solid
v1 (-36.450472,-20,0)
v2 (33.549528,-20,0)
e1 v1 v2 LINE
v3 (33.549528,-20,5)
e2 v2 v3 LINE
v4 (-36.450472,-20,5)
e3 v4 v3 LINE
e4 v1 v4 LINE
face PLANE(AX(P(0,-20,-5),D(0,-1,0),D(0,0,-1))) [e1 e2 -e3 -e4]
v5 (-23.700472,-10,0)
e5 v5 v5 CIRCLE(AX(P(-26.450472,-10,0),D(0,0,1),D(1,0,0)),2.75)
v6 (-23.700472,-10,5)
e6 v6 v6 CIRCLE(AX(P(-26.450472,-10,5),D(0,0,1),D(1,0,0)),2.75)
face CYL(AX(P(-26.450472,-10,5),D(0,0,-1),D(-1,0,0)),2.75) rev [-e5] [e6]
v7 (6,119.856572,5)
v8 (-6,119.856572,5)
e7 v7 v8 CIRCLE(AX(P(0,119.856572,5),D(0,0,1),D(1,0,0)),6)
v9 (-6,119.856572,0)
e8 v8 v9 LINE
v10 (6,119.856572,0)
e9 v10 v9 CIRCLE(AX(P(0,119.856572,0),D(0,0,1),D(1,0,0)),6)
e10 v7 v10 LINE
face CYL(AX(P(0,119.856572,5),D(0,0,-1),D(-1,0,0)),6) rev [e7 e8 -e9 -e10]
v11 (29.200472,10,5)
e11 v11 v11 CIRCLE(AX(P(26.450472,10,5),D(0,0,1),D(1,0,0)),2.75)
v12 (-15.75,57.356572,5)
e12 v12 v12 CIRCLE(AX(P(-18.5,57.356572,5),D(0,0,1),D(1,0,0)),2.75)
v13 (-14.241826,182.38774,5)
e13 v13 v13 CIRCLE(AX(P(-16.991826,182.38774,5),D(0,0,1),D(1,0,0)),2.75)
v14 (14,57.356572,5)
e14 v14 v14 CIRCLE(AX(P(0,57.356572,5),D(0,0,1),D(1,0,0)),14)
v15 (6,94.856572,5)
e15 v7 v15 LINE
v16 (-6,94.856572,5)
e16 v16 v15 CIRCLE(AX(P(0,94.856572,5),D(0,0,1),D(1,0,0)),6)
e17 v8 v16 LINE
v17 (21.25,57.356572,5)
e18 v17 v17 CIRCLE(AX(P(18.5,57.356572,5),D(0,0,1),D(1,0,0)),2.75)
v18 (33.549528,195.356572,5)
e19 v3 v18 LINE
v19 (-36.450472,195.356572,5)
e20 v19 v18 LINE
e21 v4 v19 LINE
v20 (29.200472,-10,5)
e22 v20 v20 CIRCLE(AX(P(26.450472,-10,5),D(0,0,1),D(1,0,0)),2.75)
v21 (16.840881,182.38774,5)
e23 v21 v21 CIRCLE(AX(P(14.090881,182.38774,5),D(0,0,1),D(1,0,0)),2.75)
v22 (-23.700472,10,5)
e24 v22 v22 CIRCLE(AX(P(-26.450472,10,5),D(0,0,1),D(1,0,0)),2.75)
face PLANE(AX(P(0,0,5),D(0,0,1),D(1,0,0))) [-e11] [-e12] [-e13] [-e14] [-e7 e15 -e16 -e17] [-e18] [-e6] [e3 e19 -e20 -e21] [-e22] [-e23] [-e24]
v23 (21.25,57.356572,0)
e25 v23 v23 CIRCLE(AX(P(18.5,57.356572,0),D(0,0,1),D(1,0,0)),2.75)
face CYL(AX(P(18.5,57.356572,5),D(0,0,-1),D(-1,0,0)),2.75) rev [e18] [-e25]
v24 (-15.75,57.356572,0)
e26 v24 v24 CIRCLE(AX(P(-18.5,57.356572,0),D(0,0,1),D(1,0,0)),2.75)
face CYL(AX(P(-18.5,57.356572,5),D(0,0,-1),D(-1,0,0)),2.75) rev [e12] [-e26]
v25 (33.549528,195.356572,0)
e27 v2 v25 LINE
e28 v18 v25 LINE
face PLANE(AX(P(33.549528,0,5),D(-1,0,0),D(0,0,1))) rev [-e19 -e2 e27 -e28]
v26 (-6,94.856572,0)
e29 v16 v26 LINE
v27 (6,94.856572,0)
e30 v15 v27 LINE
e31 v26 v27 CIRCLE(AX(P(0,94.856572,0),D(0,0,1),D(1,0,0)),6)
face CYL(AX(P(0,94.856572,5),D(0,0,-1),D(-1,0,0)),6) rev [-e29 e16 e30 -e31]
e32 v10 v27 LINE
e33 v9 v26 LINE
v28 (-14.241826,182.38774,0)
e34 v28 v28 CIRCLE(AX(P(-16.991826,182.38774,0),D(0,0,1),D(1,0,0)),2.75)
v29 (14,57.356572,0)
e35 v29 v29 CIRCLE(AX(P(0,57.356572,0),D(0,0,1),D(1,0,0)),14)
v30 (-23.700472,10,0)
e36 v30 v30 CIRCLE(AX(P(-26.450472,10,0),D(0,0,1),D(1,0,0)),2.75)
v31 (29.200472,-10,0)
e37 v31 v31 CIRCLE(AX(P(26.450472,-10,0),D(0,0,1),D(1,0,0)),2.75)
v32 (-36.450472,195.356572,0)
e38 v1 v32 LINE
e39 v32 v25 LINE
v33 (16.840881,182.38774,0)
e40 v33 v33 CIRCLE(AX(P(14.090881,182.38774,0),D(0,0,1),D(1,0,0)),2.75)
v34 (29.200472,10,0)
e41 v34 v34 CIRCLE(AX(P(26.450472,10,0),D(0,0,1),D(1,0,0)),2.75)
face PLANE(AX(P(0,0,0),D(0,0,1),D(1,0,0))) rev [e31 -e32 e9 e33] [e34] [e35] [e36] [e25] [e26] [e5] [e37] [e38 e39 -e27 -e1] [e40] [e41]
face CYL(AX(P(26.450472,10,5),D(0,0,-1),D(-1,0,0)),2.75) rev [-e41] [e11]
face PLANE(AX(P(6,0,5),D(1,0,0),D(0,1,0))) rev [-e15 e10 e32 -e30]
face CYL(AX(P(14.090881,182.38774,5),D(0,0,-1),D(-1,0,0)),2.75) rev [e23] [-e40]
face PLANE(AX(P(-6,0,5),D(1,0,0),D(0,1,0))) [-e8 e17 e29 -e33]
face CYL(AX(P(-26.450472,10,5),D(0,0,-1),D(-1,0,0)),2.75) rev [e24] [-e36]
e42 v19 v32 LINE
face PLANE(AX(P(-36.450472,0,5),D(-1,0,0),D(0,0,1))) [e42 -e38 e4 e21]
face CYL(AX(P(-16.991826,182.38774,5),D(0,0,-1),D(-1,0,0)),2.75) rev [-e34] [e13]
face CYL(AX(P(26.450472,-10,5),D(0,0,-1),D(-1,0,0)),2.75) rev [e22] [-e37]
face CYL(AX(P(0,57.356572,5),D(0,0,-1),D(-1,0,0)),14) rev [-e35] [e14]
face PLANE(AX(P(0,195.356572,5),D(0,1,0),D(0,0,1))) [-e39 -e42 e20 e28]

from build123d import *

# Parameters (mm, degrees)
SKETCH1_W           = 70
SKETCH1_H           = 154.713144252
SKETCH1_R           = 2.75
SKETCH1_R_2         = 14
BOSS_EXTRUDE1_DEPTH = 5
SKETCH1_4_W         = 70
SKETCH1_4_H         = 118
SKETCH1_4_R         = 2.75
BOSS_EXTRUDE2_DEPTH = 5
CUT_EXTRUDE1_START  = -10
SKETCH2_W           = 70
SKETCH2_H           = 57.356572126
CUT_EXTRUDE1_DEPTH  = 10


with BuildPart() as part:
    # Sketch1 → Boss-Extrude1 (new body)
    with BuildSketch(Plane.XY):
        with Locations((-1.450472168, 0)):
            Rectangle(SKETCH1_W, SKETCH1_H)
        with Locations((-26.450472168, -10)):
            Circle(SKETCH1_R, mode=Mode.SUBTRACT)
        with BuildLine():
            ThreePointArc((-17.05, -64.643427874), (-15.5, -63.093427874), (-13.95, -64.643427874))
            Line((-13.95, -64.643427874), (-13.95, -71.643427874))
            ThreePointArc((-13.95, -71.643427874), (-15.5, -73.193427874), (-17.05, -71.643427874))
            Line((-17.05, -71.643427874), (-17.05, -64.643427874))
        make_face(mode=Mode.SUBTRACT)
        with BuildLine():
            ThreePointArc((-17.05, -33.643427874), (-15.5, -32.093427874), (-13.95, -33.643427874))
            Line((-13.95, -33.643427874), (-13.95, -40.643427874))
            ThreePointArc((-13.95, -40.643427874), (-15.5, -42.193427874), (-17.05, -40.643427874))
            Line((-17.05, -40.643427874), (-17.05, -33.643427874))
        make_face(mode=Mode.SUBTRACT)
        with Locations((-26.450472168, 10)):
            Circle(SKETCH1_R, mode=Mode.SUBTRACT)
        with Locations((-18.5, 57.356572126)):
            Circle(SKETCH1_R, mode=Mode.SUBTRACT)
        with BuildLine():
            ThreePointArc((12, -56.143427874), (0, -68.143427874), (-12, -56.143427874))
            Line((-12, -56.143427874), (-12, -49.143427874))
            ThreePointArc((-12, -49.143427874), (0, -37.143427874), (12, -49.143427874))
            Line((12, -49.143427874), (12, -56.143427874))
        make_face(mode=Mode.SUBTRACT)
        with BuildLine():
            ThreePointArc((13.95, -64.643427874), (15.5, -63.093427874), (17.05, -64.643427874))
            Line((17.05, -64.643427874), (17.05, -71.643427874))
            ThreePointArc((17.05, -71.643427874), (15.5, -73.193427874), (13.95, -71.643427874))
            Line((13.95, -71.643427874), (13.95, -64.643427874))
        make_face(mode=Mode.SUBTRACT)
        with BuildLine():
            ThreePointArc((13.95, -33.643427874), (15.5, -32.093427874), (17.05, -33.643427874))
            Line((17.05, -33.643427874), (17.05, -40.643427874))
            ThreePointArc((17.05, -40.643427874), (15.5, -42.193427874), (13.95, -40.643427874))
            Line((13.95, -40.643427874), (13.95, -33.643427874))
        make_face(mode=Mode.SUBTRACT)
        with Locations((26.450472168, -10)):
            Circle(SKETCH1_R, mode=Mode.SUBTRACT)
        with Locations((0, 57.356572126)):
            Circle(SKETCH1_R_2, mode=Mode.SUBTRACT)
        with Locations((26.450472168, 10)):
            Circle(SKETCH1_R, mode=Mode.SUBTRACT)
        with Locations((18.5, 57.356572126)):
            Circle(SKETCH1_R, mode=Mode.SUBTRACT)
    extrude(amount=BOSS_EXTRUDE1_DEPTH)

    # Sketch1<4> → Boss-Extrude2 (add)
    with BuildSketch(Plane.XY):
        with Locations((-1.450472168, 136.356572126)):
            Rectangle(SKETCH1_4_W, SKETCH1_4_H)
        with Locations((-16.991825546, 182.387739686)):
            Circle(SKETCH1_4_R, mode=Mode.SUBTRACT)
        with BuildLine():
            ThreePointArc((-6, 119.856572126), (0, 125.856572126), (6, 119.856572126))
            Line((6, 119.856572126), (6, 94.856572126))
            ThreePointArc((6, 94.856572126), (0, 88.856572126), (-6, 94.856572126))
            Line((-6, 94.856572126), (-6, 119.856572126))
        make_face(mode=Mode.SUBTRACT)
        with Locations((14.09088121, 182.387739686)):
            Circle(SKETCH1_4_R, mode=Mode.SUBTRACT)
    extrude(amount=BOSS_EXTRUDE2_DEPTH)

    # Sketch2 → Cut-Extrude1 (cut)
    with BuildSketch(Plane.XY.offset(5).offset(CUT_EXTRUDE1_START)):
        with Locations((-1.450472168, -48.678286063)):
            Rectangle(SKETCH2_W, SKETCH2_H)
        with BuildLine():
            Line((-13.95, -64.643427874), (-13.95, -71.643427874))
            ThreePointArc((-13.95, -71.643427874), (-15.5, -73.193427874), (-17.05, -71.643427874))
            Line((-17.05, -71.643427874), (-17.05, -64.643427874))
            ThreePointArc((-17.05, -64.643427874), (-15.5, -63.093427874), (-13.95, -64.643427874))
        make_face(mode=Mode.SUBTRACT)
        with BuildLine():
            Line((-13.95, -33.643427874), (-13.95, -40.643427874))
            ThreePointArc((-13.95, -40.643427874), (-15.5, -42.193427874), (-17.05, -40.643427874))
            Line((-17.05, -40.643427874), (-17.05, -33.643427874))
            ThreePointArc((-17.05, -33.643427874), (-15.5, -32.093427874), (-13.95, -33.643427874))
        make_face(mode=Mode.SUBTRACT)
        with BuildLine():
            Line((-12, -56.143427874), (-12, -49.143427874))
            ThreePointArc((-12, -49.143427874), (0, -37.143427874), (12, -49.143427874))
            Line((12, -49.143427874), (12, -56.143427874))
            ThreePointArc((12, -56.143427874), (0, -68.143427874), (-12, -56.143427874))
        make_face(mode=Mode.SUBTRACT)
        with BuildLine():
            Line((17.05, -64.643427874), (17.05, -71.643427874))
            ThreePointArc((17.05, -71.643427874), (15.5, -73.193427874), (13.95, -71.643427874))
            Line((13.95, -71.643427874), (13.95, -64.643427874))
            ThreePointArc((13.95, -64.643427874), (15.5, -63.093427874), (17.05, -64.643427874))
        make_face(mode=Mode.SUBTRACT)
        with BuildLine():
            Line((17.05, -33.643427874), (17.05, -40.643427874))
            ThreePointArc((17.05, -40.643427874), (15.5, -42.193427874), (13.95, -40.643427874))
            Line((13.95, -40.643427874), (13.95, -33.643427874))
            ThreePointArc((13.95, -33.643427874), (15.5, -32.093427874), (17.05, -33.643427874))
        make_face(mode=Mode.SUBTRACT)
    extrude(amount=CUT_EXTRUDE1_DEPTH, mode=Mode.SUBTRACT)


solid = part.part
